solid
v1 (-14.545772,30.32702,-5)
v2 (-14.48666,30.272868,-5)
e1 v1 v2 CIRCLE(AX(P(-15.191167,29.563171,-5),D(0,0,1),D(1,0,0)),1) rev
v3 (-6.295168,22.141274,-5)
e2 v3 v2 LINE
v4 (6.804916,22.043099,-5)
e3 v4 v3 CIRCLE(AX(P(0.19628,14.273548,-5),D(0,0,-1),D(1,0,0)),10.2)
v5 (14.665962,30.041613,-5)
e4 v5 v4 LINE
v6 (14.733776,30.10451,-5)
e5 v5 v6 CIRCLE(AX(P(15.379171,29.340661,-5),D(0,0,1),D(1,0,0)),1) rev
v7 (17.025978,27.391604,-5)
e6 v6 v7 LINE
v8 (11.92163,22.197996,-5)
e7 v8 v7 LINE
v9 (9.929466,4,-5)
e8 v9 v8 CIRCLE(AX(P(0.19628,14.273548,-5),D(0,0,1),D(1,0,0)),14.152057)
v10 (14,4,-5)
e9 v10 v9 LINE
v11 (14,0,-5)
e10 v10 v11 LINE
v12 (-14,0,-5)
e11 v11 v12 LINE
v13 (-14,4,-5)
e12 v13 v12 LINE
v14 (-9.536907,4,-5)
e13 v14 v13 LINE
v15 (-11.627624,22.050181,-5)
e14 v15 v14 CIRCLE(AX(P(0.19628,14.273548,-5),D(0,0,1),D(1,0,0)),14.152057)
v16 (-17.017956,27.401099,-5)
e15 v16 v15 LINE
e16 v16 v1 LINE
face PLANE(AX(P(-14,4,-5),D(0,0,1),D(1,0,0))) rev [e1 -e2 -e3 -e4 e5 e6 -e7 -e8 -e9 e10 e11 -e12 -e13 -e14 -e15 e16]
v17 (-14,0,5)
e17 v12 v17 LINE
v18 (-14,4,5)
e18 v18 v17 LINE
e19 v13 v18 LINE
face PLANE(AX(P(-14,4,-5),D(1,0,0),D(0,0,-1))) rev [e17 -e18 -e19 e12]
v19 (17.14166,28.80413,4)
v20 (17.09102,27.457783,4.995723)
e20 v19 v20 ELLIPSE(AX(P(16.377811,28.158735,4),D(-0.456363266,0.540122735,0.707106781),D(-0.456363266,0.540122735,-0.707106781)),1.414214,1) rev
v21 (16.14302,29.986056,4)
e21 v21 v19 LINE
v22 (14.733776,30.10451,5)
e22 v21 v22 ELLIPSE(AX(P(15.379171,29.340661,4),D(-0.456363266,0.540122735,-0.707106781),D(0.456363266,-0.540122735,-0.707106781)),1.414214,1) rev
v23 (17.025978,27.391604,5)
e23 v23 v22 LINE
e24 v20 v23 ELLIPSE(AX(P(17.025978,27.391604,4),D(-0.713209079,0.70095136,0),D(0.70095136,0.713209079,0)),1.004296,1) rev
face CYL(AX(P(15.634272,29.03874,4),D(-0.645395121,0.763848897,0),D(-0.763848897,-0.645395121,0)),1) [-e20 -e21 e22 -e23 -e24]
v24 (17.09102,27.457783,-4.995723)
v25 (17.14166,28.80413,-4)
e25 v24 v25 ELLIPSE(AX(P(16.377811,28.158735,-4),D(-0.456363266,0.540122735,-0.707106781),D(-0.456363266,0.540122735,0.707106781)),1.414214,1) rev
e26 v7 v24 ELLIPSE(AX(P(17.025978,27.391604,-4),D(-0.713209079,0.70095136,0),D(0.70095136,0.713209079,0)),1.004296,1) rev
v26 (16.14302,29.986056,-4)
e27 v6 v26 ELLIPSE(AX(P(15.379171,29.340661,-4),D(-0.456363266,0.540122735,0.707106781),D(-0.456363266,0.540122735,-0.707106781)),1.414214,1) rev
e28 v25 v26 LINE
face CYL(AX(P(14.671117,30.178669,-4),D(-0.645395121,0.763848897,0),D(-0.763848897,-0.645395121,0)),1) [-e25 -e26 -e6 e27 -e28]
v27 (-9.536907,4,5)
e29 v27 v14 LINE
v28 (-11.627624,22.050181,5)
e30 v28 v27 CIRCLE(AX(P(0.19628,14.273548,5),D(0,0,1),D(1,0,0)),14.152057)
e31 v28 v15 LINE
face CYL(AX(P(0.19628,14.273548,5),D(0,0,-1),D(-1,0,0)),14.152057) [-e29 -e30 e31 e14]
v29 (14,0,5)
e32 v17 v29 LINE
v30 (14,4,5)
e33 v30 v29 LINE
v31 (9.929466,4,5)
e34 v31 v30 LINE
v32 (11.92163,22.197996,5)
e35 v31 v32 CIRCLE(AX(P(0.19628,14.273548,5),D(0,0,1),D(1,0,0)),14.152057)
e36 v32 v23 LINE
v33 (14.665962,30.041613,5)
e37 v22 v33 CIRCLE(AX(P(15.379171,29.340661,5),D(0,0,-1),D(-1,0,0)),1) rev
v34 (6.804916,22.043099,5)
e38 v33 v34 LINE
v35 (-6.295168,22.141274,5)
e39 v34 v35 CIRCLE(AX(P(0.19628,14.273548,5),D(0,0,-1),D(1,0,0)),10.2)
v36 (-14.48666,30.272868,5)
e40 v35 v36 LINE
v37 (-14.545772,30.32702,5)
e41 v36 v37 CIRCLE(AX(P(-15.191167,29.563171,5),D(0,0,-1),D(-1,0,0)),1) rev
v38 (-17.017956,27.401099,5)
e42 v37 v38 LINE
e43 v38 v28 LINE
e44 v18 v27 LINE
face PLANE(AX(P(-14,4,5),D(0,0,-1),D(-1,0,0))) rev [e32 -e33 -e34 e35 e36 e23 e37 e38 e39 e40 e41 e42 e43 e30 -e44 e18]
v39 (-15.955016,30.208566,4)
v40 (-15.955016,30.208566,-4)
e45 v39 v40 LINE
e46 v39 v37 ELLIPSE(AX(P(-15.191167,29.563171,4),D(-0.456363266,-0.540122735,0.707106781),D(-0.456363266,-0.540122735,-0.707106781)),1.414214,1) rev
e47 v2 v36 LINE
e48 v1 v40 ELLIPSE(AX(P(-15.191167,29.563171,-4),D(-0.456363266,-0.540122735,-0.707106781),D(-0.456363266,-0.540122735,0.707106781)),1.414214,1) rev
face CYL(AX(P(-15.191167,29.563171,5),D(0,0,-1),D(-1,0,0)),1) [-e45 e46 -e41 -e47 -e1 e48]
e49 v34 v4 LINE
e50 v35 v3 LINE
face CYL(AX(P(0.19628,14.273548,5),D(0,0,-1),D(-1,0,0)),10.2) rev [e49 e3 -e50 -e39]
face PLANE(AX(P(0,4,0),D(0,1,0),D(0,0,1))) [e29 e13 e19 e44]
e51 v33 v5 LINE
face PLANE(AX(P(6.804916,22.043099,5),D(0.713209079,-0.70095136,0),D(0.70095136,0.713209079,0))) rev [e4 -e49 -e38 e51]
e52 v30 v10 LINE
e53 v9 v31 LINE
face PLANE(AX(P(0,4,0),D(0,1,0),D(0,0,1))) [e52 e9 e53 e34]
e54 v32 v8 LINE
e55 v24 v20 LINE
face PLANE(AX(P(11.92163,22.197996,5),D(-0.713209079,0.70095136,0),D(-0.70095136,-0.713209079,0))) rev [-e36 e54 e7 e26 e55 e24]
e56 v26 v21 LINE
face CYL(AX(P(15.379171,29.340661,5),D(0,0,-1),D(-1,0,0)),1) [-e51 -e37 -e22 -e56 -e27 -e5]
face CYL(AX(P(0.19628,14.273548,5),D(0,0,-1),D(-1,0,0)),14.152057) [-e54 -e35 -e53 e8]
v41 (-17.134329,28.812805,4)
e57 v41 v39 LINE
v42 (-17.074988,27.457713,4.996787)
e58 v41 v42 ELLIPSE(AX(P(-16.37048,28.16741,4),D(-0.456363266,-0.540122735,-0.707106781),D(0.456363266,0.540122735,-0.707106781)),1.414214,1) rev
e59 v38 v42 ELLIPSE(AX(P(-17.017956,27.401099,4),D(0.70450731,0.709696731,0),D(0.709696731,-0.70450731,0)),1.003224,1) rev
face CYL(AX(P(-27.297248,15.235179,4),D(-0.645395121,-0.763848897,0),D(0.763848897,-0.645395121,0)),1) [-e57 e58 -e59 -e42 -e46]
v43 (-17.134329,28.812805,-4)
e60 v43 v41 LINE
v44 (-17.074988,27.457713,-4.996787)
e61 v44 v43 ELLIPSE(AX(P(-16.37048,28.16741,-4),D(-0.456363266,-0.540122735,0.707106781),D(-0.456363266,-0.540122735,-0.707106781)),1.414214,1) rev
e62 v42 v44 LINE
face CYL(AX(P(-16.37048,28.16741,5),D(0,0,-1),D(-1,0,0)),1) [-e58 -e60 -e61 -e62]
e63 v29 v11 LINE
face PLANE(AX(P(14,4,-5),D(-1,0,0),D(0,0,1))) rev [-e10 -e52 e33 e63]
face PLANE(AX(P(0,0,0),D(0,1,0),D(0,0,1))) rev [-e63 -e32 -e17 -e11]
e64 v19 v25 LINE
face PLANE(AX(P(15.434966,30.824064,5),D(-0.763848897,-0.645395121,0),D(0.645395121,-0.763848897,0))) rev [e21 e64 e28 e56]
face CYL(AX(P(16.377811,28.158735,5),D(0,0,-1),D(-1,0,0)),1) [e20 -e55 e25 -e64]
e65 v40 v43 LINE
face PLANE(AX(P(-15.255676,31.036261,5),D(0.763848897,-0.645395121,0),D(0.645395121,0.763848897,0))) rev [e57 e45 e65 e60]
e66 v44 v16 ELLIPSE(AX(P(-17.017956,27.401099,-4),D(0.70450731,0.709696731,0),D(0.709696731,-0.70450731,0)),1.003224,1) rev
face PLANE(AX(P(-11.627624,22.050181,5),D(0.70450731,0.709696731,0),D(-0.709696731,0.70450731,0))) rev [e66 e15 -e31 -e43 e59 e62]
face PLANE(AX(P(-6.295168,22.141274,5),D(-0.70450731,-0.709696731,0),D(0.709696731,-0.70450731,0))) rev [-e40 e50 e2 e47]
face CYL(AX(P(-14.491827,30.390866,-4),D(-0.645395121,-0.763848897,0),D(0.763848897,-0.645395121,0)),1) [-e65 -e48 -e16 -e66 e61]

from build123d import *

# Parameters (mm, degrees)
SKETCH1_W           = 28
SKETCH1_H           = 10
BOSS_EXTRUDE1_DEPTH = 4
BOSS_EXTRUDE2_START = -5
BOSS_EXTRUDE2_DEPTH = 10
FILLET3_R           = 1


with BuildPart() as part:
    # Sketch1 → Boss-Extrude1 (new body)
    with BuildSketch(Plane(origin=(0, 0, 0), x_dir=(1, 0, 0), z_dir=(0, 1, 0))):
        Rectangle(SKETCH1_W, SKETCH1_H)
    extrude(amount=BOSS_EXTRUDE1_DEPTH)

    # Sketch3 → Boss-Extrude2 (add)
    with BuildSketch(Plane.XY.offset(BOSS_EXTRUDE2_START)):
        with BuildLine():
            Line((6.804916492, 22.043099096), (15.434965947, 30.824064473))
            Line((15.434965947, 30.824064473), (17.72994071, 28.10787731))
            Line((17.72994071, 28.10787731), (11.921630408, 22.197995574))
            ThreePointArc((11.921630408, 22.197995574), (0.285107603, 0.121770207), (-11.627623737, 22.050181492))
            Line((-11.627623737, 22.050181492), (-17.72994071, 28.10787731))
            Line((-17.72994071, 28.10787731), (-15.255675803, 31.036260962))
            Line((-15.255675803, 31.036260962), (-6.295168075, 22.141273955))
            ThreePointArc((-6.295168075, 22.141273955), (0.119840794, 4.073834753), (6.804916492, 22.043099096))
        make_face()
    extrude(amount=BOSS_EXTRUDE2_DEPTH)

    # Fillet3
    fillet3_edges = [part.edges().sort_by_distance(p)[0] for p in [
        (16.582453328, 29.465970891, -5),
        (17.72994071, 28.10787731, 0),
        (15.434965947, 30.824064473, 0),
        (-16.492808256, 29.572069136, -5),
        (-15.255675803, 31.036260962, 0),
        (-17.72994071, 28.10787731, 0),
        (16.582453328, 29.465970891, 5),
        (-16.492808256, 29.572069136, 5),
    ]]
    fillet(fillet3_edges, radius=FILLET3_R)


solid = part.part
